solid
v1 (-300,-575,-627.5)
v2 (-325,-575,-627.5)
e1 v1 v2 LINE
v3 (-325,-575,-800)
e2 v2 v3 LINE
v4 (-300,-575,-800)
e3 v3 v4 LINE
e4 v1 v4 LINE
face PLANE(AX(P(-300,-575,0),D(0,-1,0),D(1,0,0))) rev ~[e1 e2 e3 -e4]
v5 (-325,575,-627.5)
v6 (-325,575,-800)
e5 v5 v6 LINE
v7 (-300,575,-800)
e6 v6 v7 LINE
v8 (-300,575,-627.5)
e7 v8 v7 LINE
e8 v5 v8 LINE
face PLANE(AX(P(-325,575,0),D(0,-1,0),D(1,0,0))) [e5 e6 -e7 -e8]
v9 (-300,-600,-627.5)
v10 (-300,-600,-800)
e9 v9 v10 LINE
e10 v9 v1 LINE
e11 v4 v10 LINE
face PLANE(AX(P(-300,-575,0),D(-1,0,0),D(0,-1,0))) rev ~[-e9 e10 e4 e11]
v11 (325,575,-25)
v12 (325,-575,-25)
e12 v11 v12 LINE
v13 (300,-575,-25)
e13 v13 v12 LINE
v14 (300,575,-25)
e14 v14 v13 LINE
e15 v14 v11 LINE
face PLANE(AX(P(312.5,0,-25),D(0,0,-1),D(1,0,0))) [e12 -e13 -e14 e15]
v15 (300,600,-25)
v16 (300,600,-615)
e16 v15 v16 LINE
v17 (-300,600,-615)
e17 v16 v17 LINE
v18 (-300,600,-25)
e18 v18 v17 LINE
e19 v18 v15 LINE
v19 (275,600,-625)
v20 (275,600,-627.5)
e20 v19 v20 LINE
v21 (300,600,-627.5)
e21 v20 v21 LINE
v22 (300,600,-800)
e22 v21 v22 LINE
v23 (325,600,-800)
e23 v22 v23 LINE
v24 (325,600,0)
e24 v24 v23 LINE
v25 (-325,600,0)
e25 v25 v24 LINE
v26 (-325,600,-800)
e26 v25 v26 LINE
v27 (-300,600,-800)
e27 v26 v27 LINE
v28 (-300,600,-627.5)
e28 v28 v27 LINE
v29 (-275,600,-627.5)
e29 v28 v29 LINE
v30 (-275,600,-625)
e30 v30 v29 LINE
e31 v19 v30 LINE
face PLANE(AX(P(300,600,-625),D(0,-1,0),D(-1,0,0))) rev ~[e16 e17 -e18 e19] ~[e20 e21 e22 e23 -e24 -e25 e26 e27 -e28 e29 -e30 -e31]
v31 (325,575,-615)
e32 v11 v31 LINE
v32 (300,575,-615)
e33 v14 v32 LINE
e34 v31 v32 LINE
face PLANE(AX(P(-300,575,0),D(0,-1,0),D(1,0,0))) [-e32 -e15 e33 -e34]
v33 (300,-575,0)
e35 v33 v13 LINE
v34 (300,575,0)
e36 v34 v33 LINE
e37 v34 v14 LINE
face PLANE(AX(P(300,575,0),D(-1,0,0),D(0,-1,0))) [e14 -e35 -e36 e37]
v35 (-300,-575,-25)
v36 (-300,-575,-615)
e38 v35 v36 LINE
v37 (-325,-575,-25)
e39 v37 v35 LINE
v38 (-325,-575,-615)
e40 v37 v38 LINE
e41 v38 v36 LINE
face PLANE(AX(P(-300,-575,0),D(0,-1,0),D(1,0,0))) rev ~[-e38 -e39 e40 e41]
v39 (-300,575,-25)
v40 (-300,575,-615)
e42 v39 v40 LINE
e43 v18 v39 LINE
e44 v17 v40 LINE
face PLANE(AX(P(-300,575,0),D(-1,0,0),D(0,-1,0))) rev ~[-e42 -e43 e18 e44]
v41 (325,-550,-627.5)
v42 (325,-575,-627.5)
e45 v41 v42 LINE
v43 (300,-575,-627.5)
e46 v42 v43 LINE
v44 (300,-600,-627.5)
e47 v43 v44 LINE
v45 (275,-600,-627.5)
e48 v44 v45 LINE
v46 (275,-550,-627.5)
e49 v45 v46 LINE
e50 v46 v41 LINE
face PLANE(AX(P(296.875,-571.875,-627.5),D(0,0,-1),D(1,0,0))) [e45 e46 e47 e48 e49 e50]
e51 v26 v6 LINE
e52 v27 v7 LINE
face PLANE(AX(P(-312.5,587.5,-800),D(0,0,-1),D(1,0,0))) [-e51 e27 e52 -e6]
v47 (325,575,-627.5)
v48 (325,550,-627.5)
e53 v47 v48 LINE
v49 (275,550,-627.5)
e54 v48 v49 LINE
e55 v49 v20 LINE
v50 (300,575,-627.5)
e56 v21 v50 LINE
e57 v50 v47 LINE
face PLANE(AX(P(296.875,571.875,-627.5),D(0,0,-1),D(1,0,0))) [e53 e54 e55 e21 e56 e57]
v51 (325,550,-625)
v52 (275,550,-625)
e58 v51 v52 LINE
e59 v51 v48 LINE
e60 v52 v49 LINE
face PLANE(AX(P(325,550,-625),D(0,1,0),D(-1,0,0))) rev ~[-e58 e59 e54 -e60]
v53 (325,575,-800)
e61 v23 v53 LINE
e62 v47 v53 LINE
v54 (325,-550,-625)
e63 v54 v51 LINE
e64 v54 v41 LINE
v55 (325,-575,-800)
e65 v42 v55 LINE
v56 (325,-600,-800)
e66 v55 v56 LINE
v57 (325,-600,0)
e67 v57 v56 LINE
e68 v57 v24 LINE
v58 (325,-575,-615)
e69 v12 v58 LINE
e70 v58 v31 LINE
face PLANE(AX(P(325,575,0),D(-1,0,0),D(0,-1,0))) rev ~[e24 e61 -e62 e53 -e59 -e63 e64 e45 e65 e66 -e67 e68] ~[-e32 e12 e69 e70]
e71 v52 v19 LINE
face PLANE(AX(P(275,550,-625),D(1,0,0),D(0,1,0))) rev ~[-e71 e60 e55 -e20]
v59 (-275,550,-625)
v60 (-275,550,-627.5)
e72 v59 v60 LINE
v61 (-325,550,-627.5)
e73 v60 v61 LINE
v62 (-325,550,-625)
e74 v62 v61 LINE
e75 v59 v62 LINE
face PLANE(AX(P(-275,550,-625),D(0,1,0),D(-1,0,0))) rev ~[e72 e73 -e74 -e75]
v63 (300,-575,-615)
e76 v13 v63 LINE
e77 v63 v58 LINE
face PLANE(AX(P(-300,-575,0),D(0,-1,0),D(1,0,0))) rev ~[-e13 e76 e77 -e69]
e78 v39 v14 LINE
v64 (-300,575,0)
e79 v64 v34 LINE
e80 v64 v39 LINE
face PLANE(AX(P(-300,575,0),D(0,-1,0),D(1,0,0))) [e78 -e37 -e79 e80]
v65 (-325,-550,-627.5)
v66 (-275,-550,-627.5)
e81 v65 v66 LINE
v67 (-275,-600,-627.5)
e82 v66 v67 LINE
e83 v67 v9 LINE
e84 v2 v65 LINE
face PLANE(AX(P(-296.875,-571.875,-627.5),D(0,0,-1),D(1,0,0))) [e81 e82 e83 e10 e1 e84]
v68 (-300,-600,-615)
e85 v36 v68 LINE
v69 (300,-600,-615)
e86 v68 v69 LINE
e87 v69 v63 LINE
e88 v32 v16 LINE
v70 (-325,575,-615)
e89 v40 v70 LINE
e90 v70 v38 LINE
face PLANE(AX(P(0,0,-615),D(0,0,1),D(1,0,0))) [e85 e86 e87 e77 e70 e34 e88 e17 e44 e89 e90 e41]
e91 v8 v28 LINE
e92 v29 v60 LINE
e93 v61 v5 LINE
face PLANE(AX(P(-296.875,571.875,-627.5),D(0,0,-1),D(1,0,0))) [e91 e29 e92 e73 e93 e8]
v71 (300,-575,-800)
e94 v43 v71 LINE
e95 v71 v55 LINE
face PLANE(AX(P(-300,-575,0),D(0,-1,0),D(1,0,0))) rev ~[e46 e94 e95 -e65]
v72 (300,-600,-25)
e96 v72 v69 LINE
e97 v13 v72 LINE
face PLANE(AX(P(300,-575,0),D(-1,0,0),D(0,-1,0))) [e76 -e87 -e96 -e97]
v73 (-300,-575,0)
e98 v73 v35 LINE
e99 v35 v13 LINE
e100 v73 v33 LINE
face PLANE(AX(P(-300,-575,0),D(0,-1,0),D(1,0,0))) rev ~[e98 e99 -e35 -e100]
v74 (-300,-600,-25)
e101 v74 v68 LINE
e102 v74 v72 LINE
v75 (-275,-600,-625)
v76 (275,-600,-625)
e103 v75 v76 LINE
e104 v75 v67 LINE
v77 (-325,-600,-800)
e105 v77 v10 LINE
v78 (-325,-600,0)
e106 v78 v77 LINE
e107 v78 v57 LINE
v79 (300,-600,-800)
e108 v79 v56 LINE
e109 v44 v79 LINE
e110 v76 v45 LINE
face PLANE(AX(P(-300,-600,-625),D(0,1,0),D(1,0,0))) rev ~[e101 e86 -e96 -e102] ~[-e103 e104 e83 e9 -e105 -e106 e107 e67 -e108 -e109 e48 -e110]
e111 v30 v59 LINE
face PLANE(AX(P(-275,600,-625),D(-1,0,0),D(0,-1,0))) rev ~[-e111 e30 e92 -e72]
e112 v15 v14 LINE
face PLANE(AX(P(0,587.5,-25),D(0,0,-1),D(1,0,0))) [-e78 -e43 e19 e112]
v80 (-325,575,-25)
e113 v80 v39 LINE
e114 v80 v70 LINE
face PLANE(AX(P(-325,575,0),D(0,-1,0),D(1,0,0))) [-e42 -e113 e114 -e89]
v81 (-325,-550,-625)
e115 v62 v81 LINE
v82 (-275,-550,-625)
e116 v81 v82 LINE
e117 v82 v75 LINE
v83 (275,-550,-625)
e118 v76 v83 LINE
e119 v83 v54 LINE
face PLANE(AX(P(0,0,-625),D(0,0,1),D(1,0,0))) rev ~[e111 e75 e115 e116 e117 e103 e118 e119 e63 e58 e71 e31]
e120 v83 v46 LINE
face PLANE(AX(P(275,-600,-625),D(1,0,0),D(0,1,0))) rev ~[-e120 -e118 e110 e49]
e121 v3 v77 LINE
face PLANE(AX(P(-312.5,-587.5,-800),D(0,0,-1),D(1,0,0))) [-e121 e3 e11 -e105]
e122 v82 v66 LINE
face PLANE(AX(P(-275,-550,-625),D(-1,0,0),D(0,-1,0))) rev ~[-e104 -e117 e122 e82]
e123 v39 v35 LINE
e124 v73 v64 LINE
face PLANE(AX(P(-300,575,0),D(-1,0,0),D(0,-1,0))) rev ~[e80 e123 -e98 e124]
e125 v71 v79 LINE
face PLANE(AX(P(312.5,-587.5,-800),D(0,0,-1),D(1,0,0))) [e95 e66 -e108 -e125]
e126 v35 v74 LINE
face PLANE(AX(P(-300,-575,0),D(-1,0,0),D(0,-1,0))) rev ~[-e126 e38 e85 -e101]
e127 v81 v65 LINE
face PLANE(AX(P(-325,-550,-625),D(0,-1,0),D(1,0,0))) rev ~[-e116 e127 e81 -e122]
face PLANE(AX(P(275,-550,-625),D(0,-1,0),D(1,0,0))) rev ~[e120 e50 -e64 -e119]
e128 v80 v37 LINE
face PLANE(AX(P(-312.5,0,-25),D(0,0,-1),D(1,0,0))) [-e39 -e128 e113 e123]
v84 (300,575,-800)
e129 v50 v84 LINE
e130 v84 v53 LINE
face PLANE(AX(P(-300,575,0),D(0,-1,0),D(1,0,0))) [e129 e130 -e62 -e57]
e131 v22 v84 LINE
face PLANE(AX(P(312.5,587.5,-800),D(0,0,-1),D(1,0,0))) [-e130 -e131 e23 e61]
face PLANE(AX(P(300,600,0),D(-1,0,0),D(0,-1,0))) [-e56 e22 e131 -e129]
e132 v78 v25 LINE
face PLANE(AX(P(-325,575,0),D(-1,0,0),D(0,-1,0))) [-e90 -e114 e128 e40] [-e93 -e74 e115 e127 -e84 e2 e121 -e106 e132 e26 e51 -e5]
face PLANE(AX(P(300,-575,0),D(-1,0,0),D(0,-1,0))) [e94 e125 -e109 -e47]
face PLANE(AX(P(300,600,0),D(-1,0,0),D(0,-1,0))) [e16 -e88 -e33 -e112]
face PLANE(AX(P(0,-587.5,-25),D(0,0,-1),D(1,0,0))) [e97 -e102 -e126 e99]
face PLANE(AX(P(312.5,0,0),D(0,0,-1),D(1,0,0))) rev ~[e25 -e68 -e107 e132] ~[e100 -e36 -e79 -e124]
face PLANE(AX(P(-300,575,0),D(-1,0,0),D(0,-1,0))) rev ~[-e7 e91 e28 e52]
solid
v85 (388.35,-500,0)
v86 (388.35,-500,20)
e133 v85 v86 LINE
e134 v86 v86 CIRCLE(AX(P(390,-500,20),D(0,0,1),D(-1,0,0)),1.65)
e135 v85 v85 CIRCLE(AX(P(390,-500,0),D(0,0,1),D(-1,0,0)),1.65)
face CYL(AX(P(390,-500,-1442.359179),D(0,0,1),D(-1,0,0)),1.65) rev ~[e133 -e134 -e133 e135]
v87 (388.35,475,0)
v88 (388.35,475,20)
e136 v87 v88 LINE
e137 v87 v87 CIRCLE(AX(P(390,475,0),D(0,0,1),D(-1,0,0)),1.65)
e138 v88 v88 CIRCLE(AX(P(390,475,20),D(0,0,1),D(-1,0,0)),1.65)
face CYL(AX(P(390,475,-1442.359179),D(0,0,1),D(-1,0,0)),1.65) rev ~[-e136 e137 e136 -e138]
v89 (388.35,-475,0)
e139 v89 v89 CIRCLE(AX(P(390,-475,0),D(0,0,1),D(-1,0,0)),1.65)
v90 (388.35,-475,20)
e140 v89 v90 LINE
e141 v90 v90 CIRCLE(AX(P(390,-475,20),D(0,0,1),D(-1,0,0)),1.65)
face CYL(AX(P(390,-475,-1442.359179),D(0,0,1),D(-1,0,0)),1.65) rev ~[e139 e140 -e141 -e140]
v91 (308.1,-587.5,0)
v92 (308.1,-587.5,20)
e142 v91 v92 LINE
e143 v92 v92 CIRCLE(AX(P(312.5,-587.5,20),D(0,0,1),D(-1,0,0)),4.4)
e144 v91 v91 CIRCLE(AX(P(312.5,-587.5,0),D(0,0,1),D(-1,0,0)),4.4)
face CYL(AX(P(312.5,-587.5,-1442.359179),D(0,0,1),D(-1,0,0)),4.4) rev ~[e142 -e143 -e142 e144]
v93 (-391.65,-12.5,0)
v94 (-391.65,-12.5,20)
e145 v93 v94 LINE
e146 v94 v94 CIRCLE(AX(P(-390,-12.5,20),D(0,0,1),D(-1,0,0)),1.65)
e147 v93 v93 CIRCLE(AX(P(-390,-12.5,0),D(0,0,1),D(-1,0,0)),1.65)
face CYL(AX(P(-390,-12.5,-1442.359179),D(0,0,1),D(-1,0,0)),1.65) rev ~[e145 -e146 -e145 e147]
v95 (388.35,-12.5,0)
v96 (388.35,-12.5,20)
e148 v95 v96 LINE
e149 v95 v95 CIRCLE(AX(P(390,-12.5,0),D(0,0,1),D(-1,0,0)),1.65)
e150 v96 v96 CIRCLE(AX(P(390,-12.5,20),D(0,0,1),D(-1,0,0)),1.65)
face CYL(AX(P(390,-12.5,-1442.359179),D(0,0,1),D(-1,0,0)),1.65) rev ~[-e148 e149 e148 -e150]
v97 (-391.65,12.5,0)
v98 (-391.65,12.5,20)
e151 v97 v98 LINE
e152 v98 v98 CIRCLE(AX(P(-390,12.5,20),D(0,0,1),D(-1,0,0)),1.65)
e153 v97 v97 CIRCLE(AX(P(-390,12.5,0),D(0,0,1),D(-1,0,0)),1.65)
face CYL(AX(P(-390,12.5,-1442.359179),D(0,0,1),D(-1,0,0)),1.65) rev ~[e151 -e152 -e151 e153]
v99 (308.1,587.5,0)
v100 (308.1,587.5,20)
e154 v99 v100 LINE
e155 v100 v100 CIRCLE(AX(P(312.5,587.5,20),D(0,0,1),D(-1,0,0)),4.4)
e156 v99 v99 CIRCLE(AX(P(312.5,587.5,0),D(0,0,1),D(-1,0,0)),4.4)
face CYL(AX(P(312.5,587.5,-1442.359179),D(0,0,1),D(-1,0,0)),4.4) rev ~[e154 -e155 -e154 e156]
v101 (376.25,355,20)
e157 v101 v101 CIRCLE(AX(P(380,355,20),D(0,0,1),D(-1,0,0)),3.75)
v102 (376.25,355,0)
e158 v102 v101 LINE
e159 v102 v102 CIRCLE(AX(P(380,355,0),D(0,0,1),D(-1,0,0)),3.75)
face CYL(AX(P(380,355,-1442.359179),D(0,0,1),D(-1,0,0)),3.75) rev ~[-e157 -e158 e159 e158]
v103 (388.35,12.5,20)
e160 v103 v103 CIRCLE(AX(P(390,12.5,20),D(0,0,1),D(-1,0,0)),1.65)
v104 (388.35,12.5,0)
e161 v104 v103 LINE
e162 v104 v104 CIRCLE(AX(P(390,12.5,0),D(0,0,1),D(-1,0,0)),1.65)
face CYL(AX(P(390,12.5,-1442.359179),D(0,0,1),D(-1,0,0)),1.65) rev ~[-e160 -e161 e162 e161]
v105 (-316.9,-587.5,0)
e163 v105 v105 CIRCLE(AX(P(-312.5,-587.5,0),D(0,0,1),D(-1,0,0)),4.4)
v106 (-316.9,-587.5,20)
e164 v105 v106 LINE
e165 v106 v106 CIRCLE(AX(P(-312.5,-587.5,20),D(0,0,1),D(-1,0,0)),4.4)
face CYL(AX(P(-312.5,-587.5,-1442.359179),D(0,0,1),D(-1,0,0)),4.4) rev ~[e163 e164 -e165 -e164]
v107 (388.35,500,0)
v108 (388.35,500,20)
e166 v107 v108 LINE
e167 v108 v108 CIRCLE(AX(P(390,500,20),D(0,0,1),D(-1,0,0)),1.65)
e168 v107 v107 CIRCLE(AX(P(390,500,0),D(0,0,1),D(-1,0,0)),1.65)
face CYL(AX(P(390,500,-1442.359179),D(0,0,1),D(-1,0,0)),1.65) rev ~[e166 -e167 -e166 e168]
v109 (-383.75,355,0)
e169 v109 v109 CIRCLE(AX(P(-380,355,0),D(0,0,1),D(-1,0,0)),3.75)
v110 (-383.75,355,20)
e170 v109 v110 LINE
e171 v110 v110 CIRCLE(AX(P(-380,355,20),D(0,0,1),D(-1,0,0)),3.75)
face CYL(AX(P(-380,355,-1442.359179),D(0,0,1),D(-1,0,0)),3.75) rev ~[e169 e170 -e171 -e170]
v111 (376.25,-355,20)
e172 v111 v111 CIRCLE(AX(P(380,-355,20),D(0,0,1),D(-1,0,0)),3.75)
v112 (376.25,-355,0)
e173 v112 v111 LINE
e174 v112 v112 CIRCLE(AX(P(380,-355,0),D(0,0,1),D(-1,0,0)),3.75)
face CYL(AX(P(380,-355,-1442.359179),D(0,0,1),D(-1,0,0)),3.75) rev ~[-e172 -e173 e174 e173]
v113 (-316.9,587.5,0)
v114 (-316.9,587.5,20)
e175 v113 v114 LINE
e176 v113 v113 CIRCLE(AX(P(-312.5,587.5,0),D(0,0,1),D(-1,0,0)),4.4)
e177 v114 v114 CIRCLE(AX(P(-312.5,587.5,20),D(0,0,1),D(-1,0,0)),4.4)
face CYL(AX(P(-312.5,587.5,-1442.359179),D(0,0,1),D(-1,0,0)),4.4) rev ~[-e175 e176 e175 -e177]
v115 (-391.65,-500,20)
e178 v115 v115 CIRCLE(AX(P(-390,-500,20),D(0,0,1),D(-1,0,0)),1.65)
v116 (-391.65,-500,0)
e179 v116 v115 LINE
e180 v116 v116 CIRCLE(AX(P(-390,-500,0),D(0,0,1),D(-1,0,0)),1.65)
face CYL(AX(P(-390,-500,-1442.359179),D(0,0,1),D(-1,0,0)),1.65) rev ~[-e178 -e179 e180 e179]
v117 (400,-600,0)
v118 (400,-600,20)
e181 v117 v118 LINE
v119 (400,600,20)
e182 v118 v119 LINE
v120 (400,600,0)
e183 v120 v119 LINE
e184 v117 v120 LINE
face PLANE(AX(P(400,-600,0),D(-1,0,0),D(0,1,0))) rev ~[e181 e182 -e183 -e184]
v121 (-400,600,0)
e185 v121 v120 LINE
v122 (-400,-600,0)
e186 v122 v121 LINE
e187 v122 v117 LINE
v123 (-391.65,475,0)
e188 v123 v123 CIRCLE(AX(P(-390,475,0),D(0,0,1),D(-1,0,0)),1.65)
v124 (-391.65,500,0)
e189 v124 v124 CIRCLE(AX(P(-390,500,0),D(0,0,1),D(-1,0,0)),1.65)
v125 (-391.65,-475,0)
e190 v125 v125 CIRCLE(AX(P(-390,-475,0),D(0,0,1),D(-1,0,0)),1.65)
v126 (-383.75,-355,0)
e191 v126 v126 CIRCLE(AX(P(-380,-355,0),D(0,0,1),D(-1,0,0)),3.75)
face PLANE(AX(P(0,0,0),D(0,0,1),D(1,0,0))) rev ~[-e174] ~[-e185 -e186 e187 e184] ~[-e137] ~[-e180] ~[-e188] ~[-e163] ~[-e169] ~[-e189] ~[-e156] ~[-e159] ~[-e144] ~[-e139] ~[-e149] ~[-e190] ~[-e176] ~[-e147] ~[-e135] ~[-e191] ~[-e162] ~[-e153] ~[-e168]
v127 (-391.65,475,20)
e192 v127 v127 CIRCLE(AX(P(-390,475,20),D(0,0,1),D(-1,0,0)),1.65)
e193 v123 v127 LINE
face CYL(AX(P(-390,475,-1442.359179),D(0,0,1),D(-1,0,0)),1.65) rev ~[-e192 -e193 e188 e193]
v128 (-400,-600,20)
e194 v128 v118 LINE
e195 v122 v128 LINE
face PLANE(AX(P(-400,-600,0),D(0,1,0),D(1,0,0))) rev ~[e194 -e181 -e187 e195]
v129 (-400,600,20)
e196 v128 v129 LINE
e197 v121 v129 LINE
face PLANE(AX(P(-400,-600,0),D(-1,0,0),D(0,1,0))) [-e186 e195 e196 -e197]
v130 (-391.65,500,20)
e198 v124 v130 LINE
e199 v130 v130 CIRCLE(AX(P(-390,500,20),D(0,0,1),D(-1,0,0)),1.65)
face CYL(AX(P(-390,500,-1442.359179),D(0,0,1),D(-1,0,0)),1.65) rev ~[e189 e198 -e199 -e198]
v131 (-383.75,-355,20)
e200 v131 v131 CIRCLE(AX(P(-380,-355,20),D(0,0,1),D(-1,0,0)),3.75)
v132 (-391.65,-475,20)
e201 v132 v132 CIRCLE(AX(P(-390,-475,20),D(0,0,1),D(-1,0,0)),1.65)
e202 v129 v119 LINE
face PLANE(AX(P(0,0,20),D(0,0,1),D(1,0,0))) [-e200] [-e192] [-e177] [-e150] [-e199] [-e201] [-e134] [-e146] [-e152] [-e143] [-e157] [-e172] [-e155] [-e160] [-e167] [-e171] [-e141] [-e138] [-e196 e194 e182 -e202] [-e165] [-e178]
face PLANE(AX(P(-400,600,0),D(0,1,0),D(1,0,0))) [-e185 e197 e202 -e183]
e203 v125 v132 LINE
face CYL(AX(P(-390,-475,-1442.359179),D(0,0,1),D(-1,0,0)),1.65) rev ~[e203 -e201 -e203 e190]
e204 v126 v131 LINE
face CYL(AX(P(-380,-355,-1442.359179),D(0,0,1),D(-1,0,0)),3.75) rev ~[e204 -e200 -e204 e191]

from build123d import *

# Parameters (mm, degrees)
F0_W      = 800
F0_H      = 1200
F1_DEPTH  = 20
F2_W      = 25
F2_H      = 25
F3_DEPTH  = 800
F4_W      = 600
F4_H      = 25
F5_DEPTH  = 25
F4_W_2    = 25
F4_H_2    = 1150
F7_D      = 3.3
F9_D      = 7.5
F10_D     = 8.8
F14_DEPTH = 2.5
F16_DEPTH = 10


with BuildPart() as f1:
    # F0 (on Top) → F1 (new body)
    with BuildSketch(Plane.XY):
        Rectangle(F0_W, F0_H)
    extrude(amount=F1_DEPTH)

    # F7 (through all)
    with Locations(Plane(origin=(0, 0, 0), x_dir=(1, 0, 0), z_dir=(0, 0, -1))):
        with Locations((390, 500), (390, 475), (390, 12.5), (390, -12.5), (390, -500), (390, -475), (-390, -500), (-390, -475), (-390, -12.5), (-390, 12.5), (-390, 475), (-390, 500)):
            Hole(F7_D / 2)

    # F9 (through all)
    with Locations(Plane(origin=(0, 0, 0), x_dir=(1, 0, 0), z_dir=(0, 0, -1))):
        with Locations((380, 355), (380, -355), (-380, -355), (-380, 355)):
            Hole(F9_D / 2)

    # F10 (through all)
    with Locations(Plane(origin=(0, 0, 0), x_dir=(1, 0, 0), z_dir=(0, 0, -1))):
        with Locations((-312.5, 587.5), (312.5, 587.5), (312.5, -587.5), (-312.5, -587.5)):
            Hole(F10_D / 2)


with BuildPart() as f3:
    # F2 (on face) → F3 (new body)
    with BuildSketch(Plane(origin=(0, 0, 0), x_dir=(1, 0, 0), z_dir=(0, 0, -1))):
        with Locations((-312.5, 587.5)):
            Rectangle(F2_W, F2_H)
    extrude(amount=F3_DEPTH)


with BuildPart() as f3b:
    # F2 (on face) → F3, piece 2 (new body)
    with BuildSketch(Plane(origin=(0, 0, 0), x_dir=(1, 0, 0), z_dir=(0, 0, -1))):
        with Locations((312.5, 587.5)):
            Rectangle(F2_W, F2_H)
    extrude(amount=F3_DEPTH)


with BuildPart() as f3c:
    # F2 (on face) → F3, piece 3 (new body)
    with BuildSketch(Plane(origin=(0, 0, 0), x_dir=(1, 0, 0), z_dir=(0, 0, -1))):
        with Locations((-312.5, -587.5)):
            Rectangle(F2_W, F2_H)
    extrude(amount=F3_DEPTH)


with BuildPart() as f3d:
    # F2 (on face) → F3, piece 4 (new body)
    with BuildSketch(Plane(origin=(0, 0, 0), x_dir=(1, 0, 0), z_dir=(0, 0, -1))):
        with Locations((312.5, -587.5)):
            Rectangle(F2_W, F2_H)
    extrude(amount=F3_DEPTH)


with BuildPart() as f5:
    # F4 (on face) → F5 (new body)
    with BuildSketch(Plane(origin=(0, 0, 0), x_dir=(1, 0, 0), z_dir=(0, 0, -1))):
        with Locations((0, -587.5)):
            Rectangle(F4_W, F4_H)
    extrude(amount=F5_DEPTH)


with BuildPart() as f5b:
    # F4 (on face) → F5, piece 2 (new body)
    with BuildSketch(Plane(origin=(0, 0, 0), x_dir=(1, 0, 0), z_dir=(0, 0, -1))):
        with Locations((-312.5, 0)):
            Rectangle(F4_W_2, F4_H_2)
    extrude(amount=F5_DEPTH)


with BuildPart() as f5c:
    # F4 (on face) → F5, piece 3 (new body)
    with BuildSketch(Plane(origin=(0, 0, 0), x_dir=(1, 0, 0), z_dir=(0, 0, -1))):
        with Locations((312.5, 0)):
            Rectangle(F4_W_2, F4_H_2)
    extrude(amount=F5_DEPTH)


with BuildPart() as f5d:
    # F4 (on face) → F5, piece 4 (new body)
    with BuildSketch(Plane(origin=(0, 0, 0), x_dir=(1, 0, 0), z_dir=(0, 0, -1))):
        with Locations((0, 587.5)):
            Rectangle(F4_W, F4_H)
    extrude(amount=F5_DEPTH)


with BuildPart() as f3_1:
    add(f3.part)

    # F8: union F3b, F3c, F3d, F5d, F5b, F5, F5c
    add(f3b.part)
    add(f3c.part)
    add(f3d.part)
    add(f5d.part)
    add(f5b.part)
    add(f5.part)
    add(f5c.part)

    # F13 (on offset) → F14 (join)
    with BuildSketch(Plane(origin=(0, 0, -625), x_dir=(1, 0, 0), z_dir=(0, 0, -1))):
        Polygon((325, 575), (300, 575), (300, 600), (275, 600), (275, 550), (325, 550), align=None)
        Polygon((-325, -575), (-300, -575), (-300, -600), (-275, -600), (-275, -550), (-325, -550), align=None)
        Polygon((300, -600), (300, -575), (325, -575), (325, -550), (275, -550), (275, -600), align=None)
        Polygon((-300, 600), (-300, 575), (-325, 575), (-325, 550), (-275, 550), (-275, 600), align=None)
    extrude(amount=F14_DEPTH)

    # F15 (on face) → F16 (join)
    with BuildSketch(Plane.XY.offset(-625)):
        Polygon((-275, -600), (275, -600), (275, -550), (325, -550), (325, 550), (275, 550), (275, 600), (-275, 600), (-275, 550), (-325, 550), (-325, -550), (-275, -550), align=None)
        Polygon((275, 550), (325, 550), (325, 575), (300, 575), (300, 600), (275, 600), align=None)
        Polygon((-325, 575), (-325, 550), (-275, 550), (-275, 600), (-300, 600), (-300, 575), align=None)
        Polygon((-300, -600), (-275, -600), (-275, -550), (-325, -550), (-325, -575), (-300, -575), align=None)
        Polygon((275, -550), (275, -600), (300, -600), (300, -575), (325, -575), (325, -550), align=None)
    extrude(amount=F16_DEPTH)


solid = Compound([f1.part, f3_1.part])
